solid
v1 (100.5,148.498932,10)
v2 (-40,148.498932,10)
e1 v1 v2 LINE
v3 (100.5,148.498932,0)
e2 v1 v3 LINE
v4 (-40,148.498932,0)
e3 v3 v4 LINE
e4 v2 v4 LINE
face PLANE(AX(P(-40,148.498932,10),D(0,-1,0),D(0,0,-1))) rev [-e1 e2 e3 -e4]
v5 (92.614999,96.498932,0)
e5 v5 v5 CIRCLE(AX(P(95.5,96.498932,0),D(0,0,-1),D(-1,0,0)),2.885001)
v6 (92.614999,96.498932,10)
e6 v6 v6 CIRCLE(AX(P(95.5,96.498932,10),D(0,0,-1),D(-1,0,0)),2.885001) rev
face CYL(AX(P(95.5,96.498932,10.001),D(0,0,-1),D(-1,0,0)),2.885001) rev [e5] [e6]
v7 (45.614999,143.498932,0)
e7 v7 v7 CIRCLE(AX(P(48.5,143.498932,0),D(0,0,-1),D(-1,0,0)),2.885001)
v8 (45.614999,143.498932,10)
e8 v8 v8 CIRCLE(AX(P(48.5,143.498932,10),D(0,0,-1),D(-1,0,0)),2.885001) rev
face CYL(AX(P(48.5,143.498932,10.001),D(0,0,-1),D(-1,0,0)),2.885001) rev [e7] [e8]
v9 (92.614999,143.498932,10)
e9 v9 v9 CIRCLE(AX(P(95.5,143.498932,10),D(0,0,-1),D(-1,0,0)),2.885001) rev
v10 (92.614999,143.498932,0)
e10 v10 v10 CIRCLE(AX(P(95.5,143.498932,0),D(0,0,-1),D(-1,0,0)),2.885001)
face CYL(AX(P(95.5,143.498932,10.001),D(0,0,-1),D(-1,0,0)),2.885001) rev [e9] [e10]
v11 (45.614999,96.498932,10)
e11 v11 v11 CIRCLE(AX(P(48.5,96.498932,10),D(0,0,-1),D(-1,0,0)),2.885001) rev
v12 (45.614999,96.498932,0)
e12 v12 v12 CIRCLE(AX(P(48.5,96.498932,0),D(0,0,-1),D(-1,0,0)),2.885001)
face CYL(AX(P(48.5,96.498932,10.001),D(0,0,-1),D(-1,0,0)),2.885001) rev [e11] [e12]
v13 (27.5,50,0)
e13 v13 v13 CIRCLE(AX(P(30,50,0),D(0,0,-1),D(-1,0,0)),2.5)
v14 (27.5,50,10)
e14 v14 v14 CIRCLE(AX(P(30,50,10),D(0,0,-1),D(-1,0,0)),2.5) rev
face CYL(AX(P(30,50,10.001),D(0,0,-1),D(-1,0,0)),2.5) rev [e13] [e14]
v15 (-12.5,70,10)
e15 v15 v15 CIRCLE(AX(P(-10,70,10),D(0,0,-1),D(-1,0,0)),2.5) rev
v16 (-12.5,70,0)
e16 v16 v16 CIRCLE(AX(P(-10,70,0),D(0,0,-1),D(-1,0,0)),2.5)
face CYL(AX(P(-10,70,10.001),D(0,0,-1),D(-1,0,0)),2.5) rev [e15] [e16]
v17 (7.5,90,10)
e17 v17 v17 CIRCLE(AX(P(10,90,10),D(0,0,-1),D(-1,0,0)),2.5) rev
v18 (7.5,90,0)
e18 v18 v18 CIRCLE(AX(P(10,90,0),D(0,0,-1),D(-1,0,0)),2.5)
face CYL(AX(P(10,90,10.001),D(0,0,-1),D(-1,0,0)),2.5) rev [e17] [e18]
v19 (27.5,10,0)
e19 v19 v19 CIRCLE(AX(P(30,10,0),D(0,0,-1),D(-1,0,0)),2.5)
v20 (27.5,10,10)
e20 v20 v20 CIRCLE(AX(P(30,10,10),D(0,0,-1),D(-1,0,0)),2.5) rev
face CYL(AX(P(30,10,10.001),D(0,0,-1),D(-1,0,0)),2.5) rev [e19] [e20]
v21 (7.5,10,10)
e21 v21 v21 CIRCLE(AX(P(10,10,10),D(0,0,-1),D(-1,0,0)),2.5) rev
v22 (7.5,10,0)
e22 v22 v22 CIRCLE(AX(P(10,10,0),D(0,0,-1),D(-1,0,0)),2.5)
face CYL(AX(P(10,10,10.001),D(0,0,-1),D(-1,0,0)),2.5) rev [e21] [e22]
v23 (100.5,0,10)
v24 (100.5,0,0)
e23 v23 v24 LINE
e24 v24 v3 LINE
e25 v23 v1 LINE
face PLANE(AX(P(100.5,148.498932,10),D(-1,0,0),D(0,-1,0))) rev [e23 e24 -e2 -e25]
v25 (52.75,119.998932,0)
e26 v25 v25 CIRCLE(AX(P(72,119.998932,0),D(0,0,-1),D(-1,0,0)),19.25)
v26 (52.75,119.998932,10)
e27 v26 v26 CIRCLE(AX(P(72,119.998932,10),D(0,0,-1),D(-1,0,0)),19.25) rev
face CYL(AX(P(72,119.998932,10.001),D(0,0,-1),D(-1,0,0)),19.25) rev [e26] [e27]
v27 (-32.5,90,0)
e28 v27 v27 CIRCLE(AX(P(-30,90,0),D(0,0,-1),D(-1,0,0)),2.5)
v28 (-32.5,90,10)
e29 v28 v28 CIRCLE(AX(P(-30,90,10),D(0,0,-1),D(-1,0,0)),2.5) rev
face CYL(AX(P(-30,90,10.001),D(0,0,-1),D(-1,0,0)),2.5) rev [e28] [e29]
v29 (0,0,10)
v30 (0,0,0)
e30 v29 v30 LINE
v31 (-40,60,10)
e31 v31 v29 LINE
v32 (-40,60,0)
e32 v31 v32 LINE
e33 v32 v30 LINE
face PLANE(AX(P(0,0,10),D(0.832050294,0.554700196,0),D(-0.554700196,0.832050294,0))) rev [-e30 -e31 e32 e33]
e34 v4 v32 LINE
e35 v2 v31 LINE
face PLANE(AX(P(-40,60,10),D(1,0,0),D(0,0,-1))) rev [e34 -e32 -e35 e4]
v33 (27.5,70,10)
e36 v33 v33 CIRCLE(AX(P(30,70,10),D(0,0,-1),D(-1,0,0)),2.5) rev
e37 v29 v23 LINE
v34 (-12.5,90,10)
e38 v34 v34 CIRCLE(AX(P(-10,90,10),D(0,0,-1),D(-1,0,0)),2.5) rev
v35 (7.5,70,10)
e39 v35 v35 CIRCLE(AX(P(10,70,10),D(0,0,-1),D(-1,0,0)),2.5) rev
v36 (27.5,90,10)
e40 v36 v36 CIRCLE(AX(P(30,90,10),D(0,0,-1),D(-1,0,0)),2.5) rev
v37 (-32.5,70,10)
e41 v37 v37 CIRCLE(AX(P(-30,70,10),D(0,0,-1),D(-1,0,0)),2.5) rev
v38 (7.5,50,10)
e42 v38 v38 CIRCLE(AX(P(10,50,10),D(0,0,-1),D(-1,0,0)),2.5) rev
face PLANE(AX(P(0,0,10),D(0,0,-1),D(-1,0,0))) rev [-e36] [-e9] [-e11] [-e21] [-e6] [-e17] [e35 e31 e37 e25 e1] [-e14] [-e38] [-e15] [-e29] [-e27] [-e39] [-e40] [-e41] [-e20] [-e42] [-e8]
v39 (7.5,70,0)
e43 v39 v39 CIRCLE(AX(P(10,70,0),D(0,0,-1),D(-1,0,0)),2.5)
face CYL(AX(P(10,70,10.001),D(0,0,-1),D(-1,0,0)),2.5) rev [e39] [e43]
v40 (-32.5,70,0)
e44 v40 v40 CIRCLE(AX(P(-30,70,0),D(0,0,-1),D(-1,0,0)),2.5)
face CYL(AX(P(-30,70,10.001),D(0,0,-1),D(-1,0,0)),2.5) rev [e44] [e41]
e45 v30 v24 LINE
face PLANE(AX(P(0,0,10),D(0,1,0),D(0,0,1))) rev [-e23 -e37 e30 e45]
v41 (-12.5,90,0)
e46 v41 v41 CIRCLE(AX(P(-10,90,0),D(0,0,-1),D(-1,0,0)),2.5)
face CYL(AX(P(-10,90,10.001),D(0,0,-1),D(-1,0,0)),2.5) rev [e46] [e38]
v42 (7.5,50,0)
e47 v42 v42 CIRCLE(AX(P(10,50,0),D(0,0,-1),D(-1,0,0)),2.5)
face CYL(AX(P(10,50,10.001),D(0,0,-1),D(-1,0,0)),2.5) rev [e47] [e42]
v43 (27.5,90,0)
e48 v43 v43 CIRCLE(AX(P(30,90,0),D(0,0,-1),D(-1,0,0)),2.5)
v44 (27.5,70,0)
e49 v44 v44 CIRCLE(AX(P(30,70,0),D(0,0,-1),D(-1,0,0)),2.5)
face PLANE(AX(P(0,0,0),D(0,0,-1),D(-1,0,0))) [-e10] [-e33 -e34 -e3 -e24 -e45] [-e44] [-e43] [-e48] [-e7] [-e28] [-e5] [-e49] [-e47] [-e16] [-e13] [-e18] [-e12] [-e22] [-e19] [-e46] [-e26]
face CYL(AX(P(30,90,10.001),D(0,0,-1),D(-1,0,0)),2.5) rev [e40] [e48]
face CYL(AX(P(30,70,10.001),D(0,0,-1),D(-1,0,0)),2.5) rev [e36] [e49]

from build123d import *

# Parameters (mm, degrees)
BOSS_EXTRUDE1_DEPTH = 10
CUT_EXTRUDE1_REACH  = 181.589
SKETCH3_R           = 19.25
SKETCH3_R_2         = 2.5
SKETCH3_R_3         = 2.885000751


with BuildPart() as part:
    # Sketch1 → Boss-Extrude1 (new body)
    with BuildSketch(Plane.XY):
        Polygon((0, 0), (100.5, 0), (100.5, 148.49893218), (-40, 148.49893218), (-40, 60), align=None)
    extrude(amount=BOSS_EXTRUDE1_DEPTH)

    # Sketch3 → Cut-Extrude1 (cut, up to next)
    with BuildSketch(Plane(origin=(0, 0, 0), x_dir=(-1, 0, 0), z_dir=(0, 0, -1)), mode=Mode.PRIVATE) as cut_extrude1_sk1:
        with Locations((-72, 119.99893218)):
            Circle(SKETCH3_R)
    cut_extrude1_tool1 = extrude(cut_extrude1_sk1.sketch, amount=-CUT_EXTRUDE1_REACH, mode=Mode.PRIVATE) & part.part
    # Sketch3 → Cut-Extrude1 (cut, up to next)
    with BuildSketch(Plane(origin=(0, 0, 0), x_dir=(-1, 0, 0), z_dir=(0, 0, -1)), mode=Mode.PRIVATE) as cut_extrude1_sk2:
        with Locations((-30, 50)):
            Circle(SKETCH3_R_2)
    cut_extrude1_tool2 = extrude(cut_extrude1_sk2.sketch, amount=-CUT_EXTRUDE1_REACH, mode=Mode.PRIVATE) & part.part
    # Sketch3 → Cut-Extrude1 (cut, up to next)
    with BuildSketch(Plane(origin=(0, 0, 0), x_dir=(-1, 0, 0), z_dir=(0, 0, -1)), mode=Mode.PRIVATE) as cut_extrude1_sk3:
        with Locations((-10, 50)):
            Circle(SKETCH3_R_2)
    cut_extrude1_tool3 = extrude(cut_extrude1_sk3.sketch, amount=-CUT_EXTRUDE1_REACH, mode=Mode.PRIVATE) & part.part
    # Sketch3 → Cut-Extrude1 (cut, up to next)
    with BuildSketch(Plane(origin=(0, 0, 0), x_dir=(-1, 0, 0), z_dir=(0, 0, -1)), mode=Mode.PRIVATE) as cut_extrude1_sk4:
        with Locations((-30, 10)):
            Circle(SKETCH3_R_2)
    cut_extrude1_tool4 = extrude(cut_extrude1_sk4.sketch, amount=-CUT_EXTRUDE1_REACH, mode=Mode.PRIVATE) & part.part
    # Sketch3 → Cut-Extrude1 (cut, up to next)
    with BuildSketch(Plane(origin=(0, 0, 0), x_dir=(-1, 0, 0), z_dir=(0, 0, -1)), mode=Mode.PRIVATE) as cut_extrude1_sk5:
        with Locations((-10, 10)):
            Circle(SKETCH3_R_2)
    cut_extrude1_tool5 = extrude(cut_extrude1_sk5.sketch, amount=-CUT_EXTRUDE1_REACH, mode=Mode.PRIVATE) & part.part
    # Sketch3 → Cut-Extrude1 (cut, up to next)
    with BuildSketch(Plane(origin=(0, 0, 0), x_dir=(-1, 0, 0), z_dir=(0, 0, -1)), mode=Mode.PRIVATE) as cut_extrude1_sk6:
        with Locations((30, 70)):
            Circle(SKETCH3_R_2)
    cut_extrude1_tool6 = extrude(cut_extrude1_sk6.sketch, amount=-CUT_EXTRUDE1_REACH, mode=Mode.PRIVATE) & part.part
    # Sketch3 → Cut-Extrude1 (cut, up to next)
    with BuildSketch(Plane(origin=(0, 0, 0), x_dir=(-1, 0, 0), z_dir=(0, 0, -1)), mode=Mode.PRIVATE) as cut_extrude1_sk7:
        with Locations((30, 90)):
            Circle(SKETCH3_R_2)
    cut_extrude1_tool7 = extrude(cut_extrude1_sk7.sketch, amount=-CUT_EXTRUDE1_REACH, mode=Mode.PRIVATE) & part.part
    # Sketch3 → Cut-Extrude1 (cut, up to next)
    with BuildSketch(Plane(origin=(0, 0, 0), x_dir=(-1, 0, 0), z_dir=(0, 0, -1)), mode=Mode.PRIVATE) as cut_extrude1_sk8:
        with Locations((10, 90)):
            Circle(SKETCH3_R_2)
    cut_extrude1_tool8 = extrude(cut_extrude1_sk8.sketch, amount=-CUT_EXTRUDE1_REACH, mode=Mode.PRIVATE) & part.part
    # Sketch3 → Cut-Extrude1 (cut, up to next)
    with BuildSketch(Plane(origin=(0, 0, 0), x_dir=(-1, 0, 0), z_dir=(0, 0, -1)), mode=Mode.PRIVATE) as cut_extrude1_sk9:
        with Locations((10, 70)):
            Circle(SKETCH3_R_2)
    cut_extrude1_tool9 = extrude(cut_extrude1_sk9.sketch, amount=-CUT_EXTRUDE1_REACH, mode=Mode.PRIVATE) & part.part
    # Sketch3 → Cut-Extrude1 (cut, up to next)
    with BuildSketch(Plane(origin=(0, 0, 0), x_dir=(-1, 0, 0), z_dir=(0, 0, -1)), mode=Mode.PRIVATE) as cut_extrude1_sk10:
        with Locations((-10, 70)):
            Circle(SKETCH3_R_2)
    cut_extrude1_tool10 = extrude(cut_extrude1_sk10.sketch, amount=-CUT_EXTRUDE1_REACH, mode=Mode.PRIVATE) & part.part
    # Sketch3 → Cut-Extrude1 (cut, up to next)
    with BuildSketch(Plane(origin=(0, 0, 0), x_dir=(-1, 0, 0), z_dir=(0, 0, -1)), mode=Mode.PRIVATE) as cut_extrude1_sk11:
        with Locations((-10, 90)):
            Circle(SKETCH3_R_2)
    cut_extrude1_tool11 = extrude(cut_extrude1_sk11.sketch, amount=-CUT_EXTRUDE1_REACH, mode=Mode.PRIVATE) & part.part
    # Sketch3 → Cut-Extrude1 (cut, up to next)
    with BuildSketch(Plane(origin=(0, 0, 0), x_dir=(-1, 0, 0), z_dir=(0, 0, -1)), mode=Mode.PRIVATE) as cut_extrude1_sk12:
        with Locations((-30, 90)):
            Circle(SKETCH3_R_2)
    cut_extrude1_tool12 = extrude(cut_extrude1_sk12.sketch, amount=-CUT_EXTRUDE1_REACH, mode=Mode.PRIVATE) & part.part
    # Sketch3 → Cut-Extrude1 (cut, up to next)
    with BuildSketch(Plane(origin=(0, 0, 0), x_dir=(-1, 0, 0), z_dir=(0, 0, -1)), mode=Mode.PRIVATE) as cut_extrude1_sk13:
        with Locations((-30, 70)):
            Circle(SKETCH3_R_2)
    cut_extrude1_tool13 = extrude(cut_extrude1_sk13.sketch, amount=-CUT_EXTRUDE1_REACH, mode=Mode.PRIVATE) & part.part
    # Sketch3 → Cut-Extrude1 (cut, up to next)
    with BuildSketch(Plane(origin=(0, 0, 0), x_dir=(-1, 0, 0), z_dir=(0, 0, -1)), mode=Mode.PRIVATE) as cut_extrude1_sk14:
        with Locations((-95.5, 143.49893218)):
            Circle(SKETCH3_R_3)
    cut_extrude1_tool14 = extrude(cut_extrude1_sk14.sketch, amount=-CUT_EXTRUDE1_REACH, mode=Mode.PRIVATE) & part.part
    # Sketch3 → Cut-Extrude1 (cut, up to next)
    with BuildSketch(Plane(origin=(0, 0, 0), x_dir=(-1, 0, 0), z_dir=(0, 0, -1)), mode=Mode.PRIVATE) as cut_extrude1_sk15:
        with Locations((-48.5, 143.49893218)):
            Circle(SKETCH3_R_3)
    cut_extrude1_tool15 = extrude(cut_extrude1_sk15.sketch, amount=-CUT_EXTRUDE1_REACH, mode=Mode.PRIVATE) & part.part
    # Sketch3 → Cut-Extrude1 (cut, up to next)
    with BuildSketch(Plane(origin=(0, 0, 0), x_dir=(-1, 0, 0), z_dir=(0, 0, -1)), mode=Mode.PRIVATE) as cut_extrude1_sk16:
        with Locations((-48.5, 96.49893218)):
            Circle(SKETCH3_R_3)
    cut_extrude1_tool16 = extrude(cut_extrude1_sk16.sketch, amount=-CUT_EXTRUDE1_REACH, mode=Mode.PRIVATE) & part.part
    # Sketch3 → Cut-Extrude1 (cut, up to next)
    with BuildSketch(Plane(origin=(0, 0, 0), x_dir=(-1, 0, 0), z_dir=(0, 0, -1)), mode=Mode.PRIVATE) as cut_extrude1_sk17:
        with Locations((-95.5, 96.49893218)):
            Circle(SKETCH3_R_3)
    cut_extrude1_tool17 = extrude(cut_extrude1_sk17.sketch, amount=-CUT_EXTRUDE1_REACH, mode=Mode.PRIVATE) & part.part
    add(cut_extrude1_tool1.solids().sort_by_distance((72, 119.998932, 0))[0], mode=Mode.SUBTRACT)
    add(cut_extrude1_tool2.solids().sort_by_distance((30, 50, 0))[0], mode=Mode.SUBTRACT)
    add(cut_extrude1_tool3.solids().sort_by_distance((10, 50, 0))[0], mode=Mode.SUBTRACT)
    add(cut_extrude1_tool4.solids().sort_by_distance((30, 10, 0))[0], mode=Mode.SUBTRACT)
    add(cut_extrude1_tool5.solids().sort_by_distance((10, 10, 0))[0], mode=Mode.SUBTRACT)
    add(cut_extrude1_tool6.solids().sort_by_distance((-30, 70, 0))[0], mode=Mode.SUBTRACT)
    add(cut_extrude1_tool7.solids().sort_by_distance((-30, 90, 0))[0], mode=Mode.SUBTRACT)
    add(cut_extrude1_tool8.solids().sort_by_distance((-10, 90, 0))[0], mode=Mode.SUBTRACT)
    add(cut_extrude1_tool9.solids().sort_by_distance((-10, 70, 0))[0], mode=Mode.SUBTRACT)
    add(cut_extrude1_tool10.solids().sort_by_distance((10, 70, 0))[0], mode=Mode.SUBTRACT)
    add(cut_extrude1_tool11.solids().sort_by_distance((10, 90, 0))[0], mode=Mode.SUBTRACT)
    add(cut_extrude1_tool12.solids().sort_by_distance((30, 90, 0))[0], mode=Mode.SUBTRACT)
    add(cut_extrude1_tool13.solids().sort_by_distance((30, 70, 0))[0], mode=Mode.SUBTRACT)
    add(cut_extrude1_tool14.solids().sort_by_distance((95.5, 143.498932, 0))[0], mode=Mode.SUBTRACT)
    add(cut_extrude1_tool15.solids().sort_by_distance((48.5, 143.498932, 0))[0], mode=Mode.SUBTRACT)
    add(cut_extrude1_tool16.solids().sort_by_distance((48.5, 96.498932, 0))[0], mode=Mode.SUBTRACT)
    add(cut_extrude1_tool17.solids().sort_by_distance((95.5, 96.498932, 0))[0], mode=Mode.SUBTRACT)


solid = part.part
